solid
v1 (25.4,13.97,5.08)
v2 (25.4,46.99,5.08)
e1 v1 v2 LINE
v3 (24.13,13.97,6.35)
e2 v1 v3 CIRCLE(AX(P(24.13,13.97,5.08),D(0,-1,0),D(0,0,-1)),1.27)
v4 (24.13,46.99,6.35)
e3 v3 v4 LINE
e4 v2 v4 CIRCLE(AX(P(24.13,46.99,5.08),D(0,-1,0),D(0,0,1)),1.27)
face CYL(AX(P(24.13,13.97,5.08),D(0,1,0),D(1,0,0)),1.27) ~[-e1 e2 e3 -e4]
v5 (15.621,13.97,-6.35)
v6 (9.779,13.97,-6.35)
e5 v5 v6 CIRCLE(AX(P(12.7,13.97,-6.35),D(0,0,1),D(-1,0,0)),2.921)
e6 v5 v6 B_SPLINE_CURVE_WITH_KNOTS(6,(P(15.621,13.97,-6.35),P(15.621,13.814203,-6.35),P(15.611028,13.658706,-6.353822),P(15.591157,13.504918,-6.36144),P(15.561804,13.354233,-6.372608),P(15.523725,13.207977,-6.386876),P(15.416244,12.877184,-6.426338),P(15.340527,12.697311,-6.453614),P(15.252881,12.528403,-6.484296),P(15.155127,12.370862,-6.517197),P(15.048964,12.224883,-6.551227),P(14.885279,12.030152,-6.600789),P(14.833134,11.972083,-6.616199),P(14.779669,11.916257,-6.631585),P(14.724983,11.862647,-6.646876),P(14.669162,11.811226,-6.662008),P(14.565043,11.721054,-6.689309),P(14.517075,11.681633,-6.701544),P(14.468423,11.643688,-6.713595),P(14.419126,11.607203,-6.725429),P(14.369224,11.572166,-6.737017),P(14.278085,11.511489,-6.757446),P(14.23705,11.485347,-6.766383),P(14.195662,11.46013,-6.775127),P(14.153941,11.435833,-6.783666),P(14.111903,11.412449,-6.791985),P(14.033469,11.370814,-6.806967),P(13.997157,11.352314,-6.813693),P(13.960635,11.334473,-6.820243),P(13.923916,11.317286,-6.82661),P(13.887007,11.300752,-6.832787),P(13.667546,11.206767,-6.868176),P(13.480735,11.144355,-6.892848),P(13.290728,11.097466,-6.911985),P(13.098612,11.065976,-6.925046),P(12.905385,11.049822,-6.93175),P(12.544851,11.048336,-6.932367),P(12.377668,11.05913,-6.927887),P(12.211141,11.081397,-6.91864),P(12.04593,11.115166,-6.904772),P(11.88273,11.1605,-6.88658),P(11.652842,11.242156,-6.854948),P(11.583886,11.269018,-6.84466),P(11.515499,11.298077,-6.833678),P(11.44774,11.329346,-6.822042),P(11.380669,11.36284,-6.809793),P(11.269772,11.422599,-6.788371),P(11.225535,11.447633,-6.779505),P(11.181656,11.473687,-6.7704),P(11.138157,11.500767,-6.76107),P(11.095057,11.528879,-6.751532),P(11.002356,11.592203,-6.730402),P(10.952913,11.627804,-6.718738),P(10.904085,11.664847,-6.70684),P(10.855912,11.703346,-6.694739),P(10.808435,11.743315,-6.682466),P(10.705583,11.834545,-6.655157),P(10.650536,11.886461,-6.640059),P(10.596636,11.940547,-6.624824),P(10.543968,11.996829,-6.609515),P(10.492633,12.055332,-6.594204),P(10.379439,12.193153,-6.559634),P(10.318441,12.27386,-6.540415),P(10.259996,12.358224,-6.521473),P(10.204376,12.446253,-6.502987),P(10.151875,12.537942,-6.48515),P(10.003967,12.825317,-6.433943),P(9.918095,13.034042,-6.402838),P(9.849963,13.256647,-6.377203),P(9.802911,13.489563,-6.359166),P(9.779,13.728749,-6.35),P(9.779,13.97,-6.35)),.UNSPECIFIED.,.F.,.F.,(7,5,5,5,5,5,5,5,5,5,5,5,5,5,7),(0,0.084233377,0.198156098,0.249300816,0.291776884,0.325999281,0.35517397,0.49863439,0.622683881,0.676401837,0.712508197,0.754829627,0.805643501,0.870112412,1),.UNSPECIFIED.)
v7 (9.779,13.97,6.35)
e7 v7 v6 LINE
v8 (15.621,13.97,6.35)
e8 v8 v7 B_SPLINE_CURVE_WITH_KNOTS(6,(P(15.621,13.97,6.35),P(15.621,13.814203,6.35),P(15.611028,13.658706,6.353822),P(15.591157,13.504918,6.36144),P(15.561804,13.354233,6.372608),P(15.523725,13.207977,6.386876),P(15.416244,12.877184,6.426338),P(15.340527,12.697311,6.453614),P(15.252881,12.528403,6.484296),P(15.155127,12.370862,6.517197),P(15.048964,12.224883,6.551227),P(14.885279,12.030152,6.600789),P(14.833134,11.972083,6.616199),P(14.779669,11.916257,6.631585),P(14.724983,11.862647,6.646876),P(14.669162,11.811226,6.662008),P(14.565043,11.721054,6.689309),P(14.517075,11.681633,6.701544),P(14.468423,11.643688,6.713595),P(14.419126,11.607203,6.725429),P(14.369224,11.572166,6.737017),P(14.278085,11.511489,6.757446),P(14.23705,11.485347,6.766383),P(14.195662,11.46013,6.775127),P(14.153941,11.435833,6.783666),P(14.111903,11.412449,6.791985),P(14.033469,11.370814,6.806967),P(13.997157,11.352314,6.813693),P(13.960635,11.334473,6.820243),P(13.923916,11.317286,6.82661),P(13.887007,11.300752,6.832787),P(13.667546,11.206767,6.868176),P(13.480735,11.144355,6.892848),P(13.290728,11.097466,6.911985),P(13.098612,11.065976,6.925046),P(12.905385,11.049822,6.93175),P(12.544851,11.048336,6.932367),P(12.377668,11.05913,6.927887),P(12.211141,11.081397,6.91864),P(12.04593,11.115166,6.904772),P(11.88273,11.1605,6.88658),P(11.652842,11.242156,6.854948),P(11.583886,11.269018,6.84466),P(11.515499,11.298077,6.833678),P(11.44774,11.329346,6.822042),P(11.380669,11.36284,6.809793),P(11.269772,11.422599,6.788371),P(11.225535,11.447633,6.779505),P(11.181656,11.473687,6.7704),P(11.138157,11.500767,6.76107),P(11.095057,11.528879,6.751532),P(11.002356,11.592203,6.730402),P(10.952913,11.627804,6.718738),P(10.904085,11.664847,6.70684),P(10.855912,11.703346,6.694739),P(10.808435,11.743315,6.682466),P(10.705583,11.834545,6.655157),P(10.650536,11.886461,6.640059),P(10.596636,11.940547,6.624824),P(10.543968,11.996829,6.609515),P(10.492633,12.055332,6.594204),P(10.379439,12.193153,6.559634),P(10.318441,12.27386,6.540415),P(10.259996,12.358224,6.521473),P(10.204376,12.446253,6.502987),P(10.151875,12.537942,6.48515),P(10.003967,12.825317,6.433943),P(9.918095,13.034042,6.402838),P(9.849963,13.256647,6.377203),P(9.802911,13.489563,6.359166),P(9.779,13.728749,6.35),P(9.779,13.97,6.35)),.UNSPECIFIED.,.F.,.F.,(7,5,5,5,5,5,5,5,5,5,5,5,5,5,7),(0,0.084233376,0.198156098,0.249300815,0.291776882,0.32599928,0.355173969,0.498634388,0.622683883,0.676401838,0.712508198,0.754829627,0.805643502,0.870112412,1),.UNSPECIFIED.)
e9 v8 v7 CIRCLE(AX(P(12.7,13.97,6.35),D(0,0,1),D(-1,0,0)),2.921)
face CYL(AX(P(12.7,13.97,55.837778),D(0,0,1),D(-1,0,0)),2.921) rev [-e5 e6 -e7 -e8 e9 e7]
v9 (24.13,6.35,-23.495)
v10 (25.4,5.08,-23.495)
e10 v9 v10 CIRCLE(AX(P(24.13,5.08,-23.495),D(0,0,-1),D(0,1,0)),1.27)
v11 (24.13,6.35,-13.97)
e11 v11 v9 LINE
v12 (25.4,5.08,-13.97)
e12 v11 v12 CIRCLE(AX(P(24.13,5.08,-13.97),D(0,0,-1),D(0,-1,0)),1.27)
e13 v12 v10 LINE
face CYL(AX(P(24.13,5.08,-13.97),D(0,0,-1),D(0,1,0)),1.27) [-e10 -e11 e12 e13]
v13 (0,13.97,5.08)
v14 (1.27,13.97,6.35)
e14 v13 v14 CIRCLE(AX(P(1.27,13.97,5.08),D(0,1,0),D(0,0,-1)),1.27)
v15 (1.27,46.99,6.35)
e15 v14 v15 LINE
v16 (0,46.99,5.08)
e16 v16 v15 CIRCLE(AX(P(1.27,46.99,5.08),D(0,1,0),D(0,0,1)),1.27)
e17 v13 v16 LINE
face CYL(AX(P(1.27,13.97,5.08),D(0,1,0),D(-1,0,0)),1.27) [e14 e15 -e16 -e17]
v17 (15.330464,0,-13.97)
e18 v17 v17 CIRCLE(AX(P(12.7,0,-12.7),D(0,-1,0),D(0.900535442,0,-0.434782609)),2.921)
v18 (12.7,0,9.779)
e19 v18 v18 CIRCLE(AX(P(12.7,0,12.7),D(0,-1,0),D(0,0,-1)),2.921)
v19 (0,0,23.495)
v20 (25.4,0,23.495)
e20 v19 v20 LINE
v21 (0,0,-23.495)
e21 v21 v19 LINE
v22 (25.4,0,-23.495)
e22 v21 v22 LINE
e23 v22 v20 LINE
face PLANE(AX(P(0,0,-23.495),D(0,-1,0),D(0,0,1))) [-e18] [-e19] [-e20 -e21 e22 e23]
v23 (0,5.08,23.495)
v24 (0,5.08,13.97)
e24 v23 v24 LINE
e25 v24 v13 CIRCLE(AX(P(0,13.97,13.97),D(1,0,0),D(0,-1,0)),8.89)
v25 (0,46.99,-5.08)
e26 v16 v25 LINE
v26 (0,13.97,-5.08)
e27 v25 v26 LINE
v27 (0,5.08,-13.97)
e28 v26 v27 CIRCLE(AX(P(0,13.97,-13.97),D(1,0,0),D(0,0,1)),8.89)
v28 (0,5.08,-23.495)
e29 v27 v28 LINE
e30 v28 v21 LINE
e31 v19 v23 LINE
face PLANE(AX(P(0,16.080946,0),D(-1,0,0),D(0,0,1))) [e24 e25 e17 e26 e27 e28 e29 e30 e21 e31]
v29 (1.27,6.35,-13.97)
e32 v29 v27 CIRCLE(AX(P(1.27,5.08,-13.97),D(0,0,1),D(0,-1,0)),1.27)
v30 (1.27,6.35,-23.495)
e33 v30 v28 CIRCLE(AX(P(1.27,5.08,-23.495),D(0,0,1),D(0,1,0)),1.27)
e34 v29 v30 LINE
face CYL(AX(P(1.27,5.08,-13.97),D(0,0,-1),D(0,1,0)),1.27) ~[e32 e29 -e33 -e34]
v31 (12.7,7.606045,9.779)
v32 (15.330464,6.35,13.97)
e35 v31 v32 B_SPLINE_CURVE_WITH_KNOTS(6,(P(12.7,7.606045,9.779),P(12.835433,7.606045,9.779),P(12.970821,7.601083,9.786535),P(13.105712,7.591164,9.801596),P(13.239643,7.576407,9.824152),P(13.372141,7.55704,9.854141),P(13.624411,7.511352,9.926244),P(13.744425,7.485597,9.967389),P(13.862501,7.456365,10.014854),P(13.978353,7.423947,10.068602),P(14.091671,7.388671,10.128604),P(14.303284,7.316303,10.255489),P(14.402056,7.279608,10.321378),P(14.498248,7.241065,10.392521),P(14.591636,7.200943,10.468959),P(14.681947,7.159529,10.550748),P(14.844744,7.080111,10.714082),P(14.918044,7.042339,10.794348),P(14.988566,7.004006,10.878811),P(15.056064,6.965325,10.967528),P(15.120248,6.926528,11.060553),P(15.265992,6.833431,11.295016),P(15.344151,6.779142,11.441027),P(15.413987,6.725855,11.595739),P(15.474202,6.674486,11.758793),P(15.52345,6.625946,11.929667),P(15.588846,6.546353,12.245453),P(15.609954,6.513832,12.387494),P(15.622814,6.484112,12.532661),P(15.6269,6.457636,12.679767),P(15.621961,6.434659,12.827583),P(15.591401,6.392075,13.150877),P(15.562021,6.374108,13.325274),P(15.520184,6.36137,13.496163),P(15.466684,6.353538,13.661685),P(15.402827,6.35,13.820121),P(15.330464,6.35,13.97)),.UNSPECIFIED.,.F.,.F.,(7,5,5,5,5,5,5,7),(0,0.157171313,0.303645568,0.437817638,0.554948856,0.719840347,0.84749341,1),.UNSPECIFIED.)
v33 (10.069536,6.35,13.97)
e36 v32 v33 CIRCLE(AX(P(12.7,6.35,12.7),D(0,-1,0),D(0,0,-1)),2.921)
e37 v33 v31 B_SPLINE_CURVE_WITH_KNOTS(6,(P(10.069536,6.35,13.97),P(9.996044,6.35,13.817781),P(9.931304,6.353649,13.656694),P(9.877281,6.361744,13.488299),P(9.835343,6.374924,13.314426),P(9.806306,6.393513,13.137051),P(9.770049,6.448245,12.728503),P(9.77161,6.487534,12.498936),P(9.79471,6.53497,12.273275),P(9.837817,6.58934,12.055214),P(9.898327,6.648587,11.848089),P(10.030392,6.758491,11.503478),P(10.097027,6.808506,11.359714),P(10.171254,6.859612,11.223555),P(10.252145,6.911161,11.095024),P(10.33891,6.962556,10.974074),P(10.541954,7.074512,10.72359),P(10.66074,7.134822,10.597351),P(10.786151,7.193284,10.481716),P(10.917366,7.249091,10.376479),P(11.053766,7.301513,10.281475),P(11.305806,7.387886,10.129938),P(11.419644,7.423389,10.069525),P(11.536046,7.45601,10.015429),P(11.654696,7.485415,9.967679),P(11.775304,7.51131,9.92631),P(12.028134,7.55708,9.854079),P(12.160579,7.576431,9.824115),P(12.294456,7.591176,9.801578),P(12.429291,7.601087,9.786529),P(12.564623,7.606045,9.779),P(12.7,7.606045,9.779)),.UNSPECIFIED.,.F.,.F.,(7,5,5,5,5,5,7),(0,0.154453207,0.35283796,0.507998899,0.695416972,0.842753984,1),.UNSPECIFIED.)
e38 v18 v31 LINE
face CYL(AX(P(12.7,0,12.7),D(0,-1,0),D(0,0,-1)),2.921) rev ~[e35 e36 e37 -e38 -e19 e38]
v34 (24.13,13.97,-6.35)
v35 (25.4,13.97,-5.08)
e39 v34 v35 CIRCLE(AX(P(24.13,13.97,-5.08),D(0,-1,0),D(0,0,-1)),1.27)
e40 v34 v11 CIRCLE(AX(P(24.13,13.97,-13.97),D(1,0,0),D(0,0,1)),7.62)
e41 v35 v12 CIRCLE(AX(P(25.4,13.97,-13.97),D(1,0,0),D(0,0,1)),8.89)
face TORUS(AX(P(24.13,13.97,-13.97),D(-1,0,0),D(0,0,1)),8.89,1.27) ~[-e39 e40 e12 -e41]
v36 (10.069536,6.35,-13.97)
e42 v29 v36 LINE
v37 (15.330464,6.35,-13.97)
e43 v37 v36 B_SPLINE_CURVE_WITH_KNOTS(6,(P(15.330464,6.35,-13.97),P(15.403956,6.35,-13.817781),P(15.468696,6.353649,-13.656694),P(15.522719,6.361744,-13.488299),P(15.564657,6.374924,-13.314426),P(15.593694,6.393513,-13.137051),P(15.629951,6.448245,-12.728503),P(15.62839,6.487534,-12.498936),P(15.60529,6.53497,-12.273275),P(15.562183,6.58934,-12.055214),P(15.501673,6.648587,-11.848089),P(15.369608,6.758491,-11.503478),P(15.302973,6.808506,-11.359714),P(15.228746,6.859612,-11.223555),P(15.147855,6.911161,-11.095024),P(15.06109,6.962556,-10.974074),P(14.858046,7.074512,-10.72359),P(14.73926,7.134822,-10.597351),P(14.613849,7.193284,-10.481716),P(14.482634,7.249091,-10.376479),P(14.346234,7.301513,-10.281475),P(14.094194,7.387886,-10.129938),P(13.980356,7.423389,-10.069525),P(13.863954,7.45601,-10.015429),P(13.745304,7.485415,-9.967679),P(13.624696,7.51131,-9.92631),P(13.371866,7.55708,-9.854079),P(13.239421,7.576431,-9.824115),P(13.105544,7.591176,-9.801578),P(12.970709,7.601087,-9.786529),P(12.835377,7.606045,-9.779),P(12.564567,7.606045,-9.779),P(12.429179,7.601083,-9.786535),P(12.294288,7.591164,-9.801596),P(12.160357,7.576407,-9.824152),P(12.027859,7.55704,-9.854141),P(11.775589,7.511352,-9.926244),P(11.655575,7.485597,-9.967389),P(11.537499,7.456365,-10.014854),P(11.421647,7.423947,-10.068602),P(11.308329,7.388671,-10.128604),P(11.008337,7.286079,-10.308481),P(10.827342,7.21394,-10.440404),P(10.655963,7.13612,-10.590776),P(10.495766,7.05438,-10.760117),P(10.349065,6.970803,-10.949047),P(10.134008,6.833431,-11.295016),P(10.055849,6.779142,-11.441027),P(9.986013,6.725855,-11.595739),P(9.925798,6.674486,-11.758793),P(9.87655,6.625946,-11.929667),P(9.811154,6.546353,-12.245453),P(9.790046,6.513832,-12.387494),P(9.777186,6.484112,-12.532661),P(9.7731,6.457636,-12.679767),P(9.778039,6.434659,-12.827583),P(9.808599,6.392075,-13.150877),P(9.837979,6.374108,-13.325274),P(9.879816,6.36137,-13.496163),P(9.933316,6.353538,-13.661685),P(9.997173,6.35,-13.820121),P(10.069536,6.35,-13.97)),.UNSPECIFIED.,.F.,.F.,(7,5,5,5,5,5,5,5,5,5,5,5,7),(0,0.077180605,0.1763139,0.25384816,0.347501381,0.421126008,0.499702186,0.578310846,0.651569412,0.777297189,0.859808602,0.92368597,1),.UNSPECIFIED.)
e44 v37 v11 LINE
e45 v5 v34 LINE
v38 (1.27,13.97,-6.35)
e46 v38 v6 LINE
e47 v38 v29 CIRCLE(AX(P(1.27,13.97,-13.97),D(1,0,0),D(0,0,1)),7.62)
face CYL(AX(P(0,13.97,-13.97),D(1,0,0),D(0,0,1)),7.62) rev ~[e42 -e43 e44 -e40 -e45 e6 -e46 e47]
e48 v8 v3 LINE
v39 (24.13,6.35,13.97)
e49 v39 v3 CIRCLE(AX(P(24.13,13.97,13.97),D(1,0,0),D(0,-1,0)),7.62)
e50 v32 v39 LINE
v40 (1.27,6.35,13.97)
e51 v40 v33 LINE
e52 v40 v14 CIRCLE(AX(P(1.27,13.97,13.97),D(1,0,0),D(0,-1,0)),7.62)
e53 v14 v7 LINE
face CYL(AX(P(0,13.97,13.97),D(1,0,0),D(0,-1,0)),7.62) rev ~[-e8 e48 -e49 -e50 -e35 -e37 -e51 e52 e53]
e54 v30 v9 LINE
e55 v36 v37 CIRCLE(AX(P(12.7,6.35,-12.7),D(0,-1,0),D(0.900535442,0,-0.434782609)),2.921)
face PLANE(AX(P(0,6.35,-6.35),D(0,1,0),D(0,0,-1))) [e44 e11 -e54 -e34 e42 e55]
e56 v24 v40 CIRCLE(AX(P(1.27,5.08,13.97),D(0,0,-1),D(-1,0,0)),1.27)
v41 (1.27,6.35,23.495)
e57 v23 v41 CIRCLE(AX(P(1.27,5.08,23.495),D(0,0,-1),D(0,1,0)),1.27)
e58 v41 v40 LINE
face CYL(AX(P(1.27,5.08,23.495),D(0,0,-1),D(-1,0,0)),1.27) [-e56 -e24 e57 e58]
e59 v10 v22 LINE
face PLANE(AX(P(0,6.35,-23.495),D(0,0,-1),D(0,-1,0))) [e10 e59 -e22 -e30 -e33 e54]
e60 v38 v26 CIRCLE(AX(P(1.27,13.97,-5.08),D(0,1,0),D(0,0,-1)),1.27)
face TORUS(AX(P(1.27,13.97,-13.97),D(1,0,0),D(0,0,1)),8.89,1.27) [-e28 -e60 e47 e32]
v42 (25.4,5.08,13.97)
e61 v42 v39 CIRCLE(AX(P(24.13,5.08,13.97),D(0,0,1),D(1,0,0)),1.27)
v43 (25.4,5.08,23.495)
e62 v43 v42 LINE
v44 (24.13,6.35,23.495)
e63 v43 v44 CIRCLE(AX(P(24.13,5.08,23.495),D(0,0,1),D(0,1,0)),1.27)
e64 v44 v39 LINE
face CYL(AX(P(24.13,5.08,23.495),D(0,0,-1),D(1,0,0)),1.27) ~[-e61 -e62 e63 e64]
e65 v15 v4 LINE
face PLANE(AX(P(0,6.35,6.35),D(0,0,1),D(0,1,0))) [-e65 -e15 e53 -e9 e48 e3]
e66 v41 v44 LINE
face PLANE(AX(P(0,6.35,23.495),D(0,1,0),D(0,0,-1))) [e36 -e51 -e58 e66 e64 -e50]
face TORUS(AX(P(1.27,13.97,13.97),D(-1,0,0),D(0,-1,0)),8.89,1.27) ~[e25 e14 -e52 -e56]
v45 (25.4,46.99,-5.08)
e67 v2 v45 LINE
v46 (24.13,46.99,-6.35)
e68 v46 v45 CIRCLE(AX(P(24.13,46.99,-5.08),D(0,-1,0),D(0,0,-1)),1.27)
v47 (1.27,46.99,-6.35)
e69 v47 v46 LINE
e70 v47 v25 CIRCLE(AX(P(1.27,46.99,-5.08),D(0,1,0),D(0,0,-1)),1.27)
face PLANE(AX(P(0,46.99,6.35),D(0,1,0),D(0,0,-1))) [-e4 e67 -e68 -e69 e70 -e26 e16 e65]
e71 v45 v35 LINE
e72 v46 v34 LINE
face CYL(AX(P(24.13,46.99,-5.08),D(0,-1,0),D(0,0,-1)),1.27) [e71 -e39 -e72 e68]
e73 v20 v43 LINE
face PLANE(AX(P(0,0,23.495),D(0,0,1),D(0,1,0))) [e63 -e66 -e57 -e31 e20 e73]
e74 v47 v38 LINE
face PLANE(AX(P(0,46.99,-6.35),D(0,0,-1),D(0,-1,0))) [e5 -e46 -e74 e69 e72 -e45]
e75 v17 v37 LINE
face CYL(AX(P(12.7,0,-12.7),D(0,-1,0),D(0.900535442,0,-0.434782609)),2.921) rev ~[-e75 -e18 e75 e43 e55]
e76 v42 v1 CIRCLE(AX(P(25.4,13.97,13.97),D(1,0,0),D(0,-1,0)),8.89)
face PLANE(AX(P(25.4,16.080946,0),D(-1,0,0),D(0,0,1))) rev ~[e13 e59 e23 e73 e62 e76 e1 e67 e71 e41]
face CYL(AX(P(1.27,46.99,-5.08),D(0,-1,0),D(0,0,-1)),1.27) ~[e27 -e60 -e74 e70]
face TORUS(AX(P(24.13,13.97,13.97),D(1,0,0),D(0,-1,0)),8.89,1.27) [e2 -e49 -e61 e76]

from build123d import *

# Parameters (mm, degrees)
BOSS_EXTRUDE1_DEPTH     = 25.4
FILLET1_R               = 7.62
SKETCH2_R               = 2.921
CUT_EXTRUDE1_DEPTH      = 59.354392508
FILLET2_R               = 1.27
CUT_EXTRUDE2_DEPTH      = 62.187777579
CUT_EXTRUDE2_DEPTH_BACK = 62.187777579
SKETCH3_R               = 2.921


with BuildPart() as part:
    # Sketch1 → Boss-Extrude1 (new body)
    with BuildSketch(Plane(origin=(0, 0, 0), x_dir=(0, 0, -1), z_dir=(1, 0, 0))):
        Polygon((-6.35, 46.99), (6.35, 46.99), (6.35, 6.35), (23.495, 6.35), (23.495, 0), (-23.495, 0), (-23.495, 6.35), (-6.35, 6.35), align=None)
    extrude(amount=BOSS_EXTRUDE1_DEPTH)

    # Fillet1
    fillet1_edges = [part.edges().sort_by_distance(p)[0] for p in [
        (12.7, 6.35, -6.35),
        (12.7, 6.35, 6.35),
    ]]
    fillet(fillet1_edges, radius=FILLET1_R)

    # Sketch2 → Cut-Extrude1 (cut, through all)
    with BuildSketch(Plane.XZ):
        with Locations(Location((12.7, 12.7, 0), (0, 0, 270))):
            Circle(SKETCH2_R)
        with Locations(Location((12.7, -12.7, 0), (0, 0, 334.228538259))):
            Circle(SKETCH2_R)
    extrude(amount=-CUT_EXTRUDE1_DEPTH, mode=Mode.SUBTRACT)

    # Fillet2
    fillet2_edges = [part.edges().sort_by_distance(p)[0] for p in [
        (0, 30.48, 6.35),
        (25.4, 30.48, 6.35),
        (0, 6.35, 18.7325),
        (25.4, 6.35, 18.7325),
        (0, 30.48, -6.35),
        (25.4, 30.48, -6.35),
        (0, 8.581846327, 8.581846327),
        (25.4, 8.581846327, 8.581846327),
        (0, 8.581846327, -8.581846327),
        (25.4, 8.581846327, -8.581846327),
        (25.4, 6.35, -18.7325),
        (0, 6.35, -18.7325),
    ]]
    fillet(fillet2_edges, radius=FILLET2_R)

    # Sketch3 → Cut-Extrude2 (cut, two sides: drawn at the far end of the back side and taken through both)
    with BuildSketch(Plane(origin=(0, 0, -6.35), x_dir=(-1, 0, 0), z_dir=(0, 0, -1)).offset(-CUT_EXTRUDE2_DEPTH_BACK)):
        with Locations((-12.7, 13.97)):
            Circle(SKETCH3_R)
    extrude(amount=CUT_EXTRUDE2_DEPTH + CUT_EXTRUDE2_DEPTH_BACK, mode=Mode.SUBTRACT)


solid = part.part
